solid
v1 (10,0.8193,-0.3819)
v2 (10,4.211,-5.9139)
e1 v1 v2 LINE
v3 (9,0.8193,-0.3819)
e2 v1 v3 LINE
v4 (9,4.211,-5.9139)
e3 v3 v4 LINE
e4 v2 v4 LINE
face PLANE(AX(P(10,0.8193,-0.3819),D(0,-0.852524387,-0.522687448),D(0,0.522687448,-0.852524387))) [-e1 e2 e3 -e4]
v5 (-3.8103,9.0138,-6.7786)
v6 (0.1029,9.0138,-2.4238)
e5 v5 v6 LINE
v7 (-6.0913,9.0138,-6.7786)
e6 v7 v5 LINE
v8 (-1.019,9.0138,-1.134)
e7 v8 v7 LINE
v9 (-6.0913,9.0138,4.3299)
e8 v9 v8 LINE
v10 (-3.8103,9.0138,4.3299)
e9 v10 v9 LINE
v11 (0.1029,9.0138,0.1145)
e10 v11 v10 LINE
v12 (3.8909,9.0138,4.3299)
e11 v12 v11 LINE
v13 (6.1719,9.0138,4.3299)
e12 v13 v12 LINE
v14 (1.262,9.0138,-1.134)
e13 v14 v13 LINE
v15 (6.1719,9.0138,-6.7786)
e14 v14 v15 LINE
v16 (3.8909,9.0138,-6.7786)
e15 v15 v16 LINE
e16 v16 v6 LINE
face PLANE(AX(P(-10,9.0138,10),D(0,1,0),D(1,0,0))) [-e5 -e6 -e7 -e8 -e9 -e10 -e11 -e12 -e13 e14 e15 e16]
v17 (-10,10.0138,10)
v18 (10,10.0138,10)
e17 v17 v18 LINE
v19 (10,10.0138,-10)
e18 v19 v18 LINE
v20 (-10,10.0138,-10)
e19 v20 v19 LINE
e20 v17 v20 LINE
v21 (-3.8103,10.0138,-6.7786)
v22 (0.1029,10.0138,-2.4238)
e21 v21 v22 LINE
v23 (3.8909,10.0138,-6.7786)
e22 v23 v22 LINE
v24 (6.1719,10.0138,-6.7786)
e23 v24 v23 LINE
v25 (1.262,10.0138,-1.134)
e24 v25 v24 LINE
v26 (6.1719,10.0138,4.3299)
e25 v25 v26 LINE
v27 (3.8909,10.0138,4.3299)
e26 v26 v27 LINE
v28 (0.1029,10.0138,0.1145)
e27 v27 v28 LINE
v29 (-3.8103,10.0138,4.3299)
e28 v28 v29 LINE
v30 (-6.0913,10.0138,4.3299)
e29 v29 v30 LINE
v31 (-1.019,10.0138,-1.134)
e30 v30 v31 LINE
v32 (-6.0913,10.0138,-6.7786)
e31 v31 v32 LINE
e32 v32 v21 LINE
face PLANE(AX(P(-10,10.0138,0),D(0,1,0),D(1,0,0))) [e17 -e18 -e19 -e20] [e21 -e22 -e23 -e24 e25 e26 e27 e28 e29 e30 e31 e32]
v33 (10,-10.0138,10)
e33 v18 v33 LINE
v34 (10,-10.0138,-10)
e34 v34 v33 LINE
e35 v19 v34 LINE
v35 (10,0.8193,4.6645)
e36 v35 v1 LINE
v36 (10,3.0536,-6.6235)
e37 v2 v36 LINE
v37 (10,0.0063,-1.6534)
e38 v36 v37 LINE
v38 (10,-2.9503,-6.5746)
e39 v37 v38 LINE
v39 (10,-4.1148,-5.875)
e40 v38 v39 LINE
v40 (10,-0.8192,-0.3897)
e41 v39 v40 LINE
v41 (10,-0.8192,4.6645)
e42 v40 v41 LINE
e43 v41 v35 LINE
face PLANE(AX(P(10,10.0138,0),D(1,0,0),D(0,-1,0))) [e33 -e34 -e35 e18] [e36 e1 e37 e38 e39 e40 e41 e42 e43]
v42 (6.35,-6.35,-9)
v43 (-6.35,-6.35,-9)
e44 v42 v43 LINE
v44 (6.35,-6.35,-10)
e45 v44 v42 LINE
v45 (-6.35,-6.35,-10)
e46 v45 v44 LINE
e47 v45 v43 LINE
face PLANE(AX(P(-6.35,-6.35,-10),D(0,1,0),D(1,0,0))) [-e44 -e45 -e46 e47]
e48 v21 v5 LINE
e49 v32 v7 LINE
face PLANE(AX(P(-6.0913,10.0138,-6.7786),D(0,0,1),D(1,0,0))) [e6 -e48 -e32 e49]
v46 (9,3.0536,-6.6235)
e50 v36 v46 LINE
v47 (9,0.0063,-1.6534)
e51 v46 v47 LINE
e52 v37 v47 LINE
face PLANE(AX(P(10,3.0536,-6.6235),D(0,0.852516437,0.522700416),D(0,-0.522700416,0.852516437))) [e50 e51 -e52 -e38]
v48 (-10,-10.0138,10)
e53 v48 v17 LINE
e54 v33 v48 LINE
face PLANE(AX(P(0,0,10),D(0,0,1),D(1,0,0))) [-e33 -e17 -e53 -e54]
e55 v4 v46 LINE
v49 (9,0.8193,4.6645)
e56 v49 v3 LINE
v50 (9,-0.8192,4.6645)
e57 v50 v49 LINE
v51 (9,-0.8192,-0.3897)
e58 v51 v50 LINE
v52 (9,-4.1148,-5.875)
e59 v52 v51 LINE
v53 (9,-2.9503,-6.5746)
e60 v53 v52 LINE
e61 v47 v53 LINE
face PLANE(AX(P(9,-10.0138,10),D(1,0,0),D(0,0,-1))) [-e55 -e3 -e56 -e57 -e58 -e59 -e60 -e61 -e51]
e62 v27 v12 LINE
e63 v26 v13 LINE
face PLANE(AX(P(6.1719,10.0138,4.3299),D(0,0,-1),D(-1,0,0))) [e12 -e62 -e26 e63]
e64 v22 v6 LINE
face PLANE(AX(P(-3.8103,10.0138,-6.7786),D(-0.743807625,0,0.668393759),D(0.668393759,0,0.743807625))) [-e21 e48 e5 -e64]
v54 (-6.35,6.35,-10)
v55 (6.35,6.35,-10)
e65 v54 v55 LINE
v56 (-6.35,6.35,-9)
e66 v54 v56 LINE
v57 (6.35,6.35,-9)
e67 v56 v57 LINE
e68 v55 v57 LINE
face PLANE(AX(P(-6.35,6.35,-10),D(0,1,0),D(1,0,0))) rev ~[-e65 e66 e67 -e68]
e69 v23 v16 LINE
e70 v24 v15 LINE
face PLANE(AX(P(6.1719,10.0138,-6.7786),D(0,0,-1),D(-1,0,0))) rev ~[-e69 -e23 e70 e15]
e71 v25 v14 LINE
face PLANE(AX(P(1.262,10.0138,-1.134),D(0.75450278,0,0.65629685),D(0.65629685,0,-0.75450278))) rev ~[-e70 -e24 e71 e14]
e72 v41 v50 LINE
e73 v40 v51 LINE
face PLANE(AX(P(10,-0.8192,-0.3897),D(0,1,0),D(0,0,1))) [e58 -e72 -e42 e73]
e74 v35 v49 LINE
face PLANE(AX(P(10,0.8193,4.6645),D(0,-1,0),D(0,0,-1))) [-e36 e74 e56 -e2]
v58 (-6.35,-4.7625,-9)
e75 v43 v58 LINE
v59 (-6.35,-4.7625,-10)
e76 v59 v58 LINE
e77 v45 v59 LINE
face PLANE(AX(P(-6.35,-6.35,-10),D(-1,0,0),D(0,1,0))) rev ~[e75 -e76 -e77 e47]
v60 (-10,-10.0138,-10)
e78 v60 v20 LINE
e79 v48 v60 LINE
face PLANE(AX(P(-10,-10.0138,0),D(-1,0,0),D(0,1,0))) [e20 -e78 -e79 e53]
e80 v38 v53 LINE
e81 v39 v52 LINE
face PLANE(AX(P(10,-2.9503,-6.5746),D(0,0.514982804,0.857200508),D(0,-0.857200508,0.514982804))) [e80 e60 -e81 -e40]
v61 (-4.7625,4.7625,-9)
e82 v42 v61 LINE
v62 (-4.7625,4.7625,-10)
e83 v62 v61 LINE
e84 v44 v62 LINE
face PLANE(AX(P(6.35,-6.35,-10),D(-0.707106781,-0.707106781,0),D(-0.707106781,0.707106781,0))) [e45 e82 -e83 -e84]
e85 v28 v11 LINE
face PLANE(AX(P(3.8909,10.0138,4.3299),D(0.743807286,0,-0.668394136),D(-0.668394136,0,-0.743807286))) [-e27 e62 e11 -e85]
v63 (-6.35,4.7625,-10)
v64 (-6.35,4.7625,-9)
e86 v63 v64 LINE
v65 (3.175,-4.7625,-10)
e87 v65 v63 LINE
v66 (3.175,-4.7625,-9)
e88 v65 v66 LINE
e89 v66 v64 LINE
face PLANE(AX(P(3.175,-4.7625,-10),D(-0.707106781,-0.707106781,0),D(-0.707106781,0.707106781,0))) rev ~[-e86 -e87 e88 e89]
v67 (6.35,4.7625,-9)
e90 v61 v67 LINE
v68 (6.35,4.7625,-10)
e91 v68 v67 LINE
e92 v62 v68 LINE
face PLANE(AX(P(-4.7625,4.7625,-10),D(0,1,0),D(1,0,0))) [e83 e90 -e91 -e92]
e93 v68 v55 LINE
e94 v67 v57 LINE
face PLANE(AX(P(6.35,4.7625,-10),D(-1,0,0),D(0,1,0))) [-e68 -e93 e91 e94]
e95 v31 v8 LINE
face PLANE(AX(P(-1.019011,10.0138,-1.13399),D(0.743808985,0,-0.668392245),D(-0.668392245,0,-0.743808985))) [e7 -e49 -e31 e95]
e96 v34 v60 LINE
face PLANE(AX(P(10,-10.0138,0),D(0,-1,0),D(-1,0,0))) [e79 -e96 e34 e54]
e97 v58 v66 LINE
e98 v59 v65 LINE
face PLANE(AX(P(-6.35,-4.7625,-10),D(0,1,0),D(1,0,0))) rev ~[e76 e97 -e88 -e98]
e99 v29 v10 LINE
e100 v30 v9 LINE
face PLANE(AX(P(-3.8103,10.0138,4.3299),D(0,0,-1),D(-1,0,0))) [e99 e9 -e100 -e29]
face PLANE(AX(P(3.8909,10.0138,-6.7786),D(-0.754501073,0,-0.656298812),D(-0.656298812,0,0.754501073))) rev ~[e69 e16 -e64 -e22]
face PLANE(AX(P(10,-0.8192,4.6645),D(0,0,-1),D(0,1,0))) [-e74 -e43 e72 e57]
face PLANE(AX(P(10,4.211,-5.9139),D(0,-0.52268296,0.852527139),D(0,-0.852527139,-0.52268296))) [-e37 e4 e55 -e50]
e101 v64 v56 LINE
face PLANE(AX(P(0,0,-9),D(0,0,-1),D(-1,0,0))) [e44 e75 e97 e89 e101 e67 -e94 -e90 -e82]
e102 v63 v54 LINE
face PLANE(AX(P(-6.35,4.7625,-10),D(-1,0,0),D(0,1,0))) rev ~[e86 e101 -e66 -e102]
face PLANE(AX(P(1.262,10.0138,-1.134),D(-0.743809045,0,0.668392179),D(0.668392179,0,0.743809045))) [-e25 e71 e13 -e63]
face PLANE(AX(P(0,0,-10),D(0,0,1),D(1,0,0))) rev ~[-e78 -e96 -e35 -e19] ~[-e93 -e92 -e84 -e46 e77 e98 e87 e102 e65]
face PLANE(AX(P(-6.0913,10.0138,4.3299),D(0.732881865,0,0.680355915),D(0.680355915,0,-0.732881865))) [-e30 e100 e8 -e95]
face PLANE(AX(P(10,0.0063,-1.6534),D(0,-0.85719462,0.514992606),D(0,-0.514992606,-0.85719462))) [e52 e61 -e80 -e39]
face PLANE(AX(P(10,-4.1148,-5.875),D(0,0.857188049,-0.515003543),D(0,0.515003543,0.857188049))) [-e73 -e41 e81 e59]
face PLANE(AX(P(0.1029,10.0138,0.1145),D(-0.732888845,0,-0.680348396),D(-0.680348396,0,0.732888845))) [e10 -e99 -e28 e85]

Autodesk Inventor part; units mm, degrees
ref_plane "YZ Plane" through (0, 0, 0) normal (1, 0, 0) x (0, 1, 0)
ref_plane "XZ Plane" through (0, 0, 0) normal (0, 1, 0) x (-1, 0, 0)
ref_plane "XY Plane" through (0, 0, 0) normal (0, 0, 1) x (1, 0, 0)
sketch "Sketch1" plane through (0, 0, 0) normal (0, 0, 1) x (1, 0, 0)
  line L0 (10, -10.0138) -> (-10, -10.0138)
  line L1 (-10, -10.0138) -> (-10, 10.0138)
  line L2 (-10, 10.0138) -> (10, 10.0138)
  line L3 (10, 10.0138) -> (10, -10.0138)
  line L4 (10, -10.0138) -> (-10, 10.0138) construction
  line L5 (-10, -10.0138) -> (10, 10.0138) construction
  point P0 (0, 0)
  dimension "d0" = 20
extrude "Extrusion1" add sketch "Sketch1" along normal mid plane 20
sketch "Sketch2" plane through (0, 0, 10) normal (0, 0, 1) x (1, 0, 0)
  line L0 (10, 10.0138) -> (-10, 10.0138) projected
  line L1 (-10, 10.0138) -> (-10, -10.0138) projected
  line L2 (-10, -10.0138) -> (10, -10.0138) projected
  line L3 (10, -10.0138) -> (10, 10.0138) projected
  point P0 (0, 0)
sketch "Sketch3" plane through (-10, 10.0138, 10) normal (0, 1, 0) x (1, 0, 0)
  line L0 (10, 10) -> (3.9087, 16.7786)
  line L1 (3.9087, 16.7786) -> (6.1897, 16.7786)
  line L2 (6.1897, 16.7786) -> (11.262, 11.134)
  line L3 (11.262, 11.134) -> (16.1719, 5.6701)
  line L4 (16.1719, 5.6701) -> (13.8909, 5.6701)
  line L5 (13.8909, 5.6701) -> (10, 10)
  line L6 (11.262, 11.134) -> (16.1719, 16.7786)
  line L7 (16.1719, 16.7786) -> (13.8909, 16.7786)
  line L8 (13.8909, 16.7786) -> (10.1029, 12.4238)
  line L9 (3.9087, 5.6701) -> (8.981, 11.134)
  line L10 (10.1029, 9.8855) -> (6.1897, 5.6701)
  line L11 (6.1897, 5.6701) -> (3.9087, 5.6701)
extrude "Extrusion2" cut sketch "Sketch3" against normal blind 1
sketch "Sketch4" plane through (0, 0, -10) normal (0, 0, -1) x (-1, 0, 0)
  line L0 (6.35, -6.35) -> (-6.35, -6.35)
  line L1 (-6.35, -6.35) -> (6.35, 6.35)
  line L2 (6.35, 6.35) -> (-6.35, 6.35)
  line L3 (6.35, -6.35) -> (6.35, -4.7625)
  line L4 (6.35, -4.7625) -> (-3.175, -4.7625)
  line L5 (-3.175, -4.7625) -> (6.35, 4.7625)
  line L6 (6.35, 4.7625) -> (-6.35, 4.7625)
  line L7 (6.35, 4.7625) -> (6.35, 6.35)
  line L8 (-6.35, 4.7625) -> (-6.35, 6.35)
  line L9 (-4.7625, -6.35) -> (-3.175, -4.7625)
  point P0 (0, 0)
  point P1 (4.7625, 4.7625)
extrude "Extrusion3" cut sketch "Sketch4" against normal blind 1
sketch "Sketch5" plane through (10, -10.0138, 10) normal (1, 0, 0) x (0, 0, -1)
  line L0 (5.3355, 9.1946) -> (5.3355, 10.8331)
  line L1 (5.3355, 10.8331) -> (10.3819, 10.8331)
  line L2 (10.3897, 9.1946) -> (5.3355, 9.1946)
  line L3 (10.3819, 10.8331) -> (15.9139, 14.2248)
  line L4 (15.9139, 14.2248) -> (16.6235, 13.0674)
  line L5 (16.6235, 13.0674) -> (11.6534, 10.0201)
  line L6 (11.6534, 10.0201) -> (16.5746, 7.0635)
  line L7 (16.5746, 7.0635) -> (15.875, 5.899)
  line L8 (15.875, 5.899) -> (10.3897, 9.1946)
  point P0 (10, 10.0138)
  point P1 (5.3355, 10.0138)
extrude "Extrusion4" cut sketch "Sketch5" against normal blind 1
equation "\"d1\" = d0"
properties part number "Cubo-001-001_3DPrint"
